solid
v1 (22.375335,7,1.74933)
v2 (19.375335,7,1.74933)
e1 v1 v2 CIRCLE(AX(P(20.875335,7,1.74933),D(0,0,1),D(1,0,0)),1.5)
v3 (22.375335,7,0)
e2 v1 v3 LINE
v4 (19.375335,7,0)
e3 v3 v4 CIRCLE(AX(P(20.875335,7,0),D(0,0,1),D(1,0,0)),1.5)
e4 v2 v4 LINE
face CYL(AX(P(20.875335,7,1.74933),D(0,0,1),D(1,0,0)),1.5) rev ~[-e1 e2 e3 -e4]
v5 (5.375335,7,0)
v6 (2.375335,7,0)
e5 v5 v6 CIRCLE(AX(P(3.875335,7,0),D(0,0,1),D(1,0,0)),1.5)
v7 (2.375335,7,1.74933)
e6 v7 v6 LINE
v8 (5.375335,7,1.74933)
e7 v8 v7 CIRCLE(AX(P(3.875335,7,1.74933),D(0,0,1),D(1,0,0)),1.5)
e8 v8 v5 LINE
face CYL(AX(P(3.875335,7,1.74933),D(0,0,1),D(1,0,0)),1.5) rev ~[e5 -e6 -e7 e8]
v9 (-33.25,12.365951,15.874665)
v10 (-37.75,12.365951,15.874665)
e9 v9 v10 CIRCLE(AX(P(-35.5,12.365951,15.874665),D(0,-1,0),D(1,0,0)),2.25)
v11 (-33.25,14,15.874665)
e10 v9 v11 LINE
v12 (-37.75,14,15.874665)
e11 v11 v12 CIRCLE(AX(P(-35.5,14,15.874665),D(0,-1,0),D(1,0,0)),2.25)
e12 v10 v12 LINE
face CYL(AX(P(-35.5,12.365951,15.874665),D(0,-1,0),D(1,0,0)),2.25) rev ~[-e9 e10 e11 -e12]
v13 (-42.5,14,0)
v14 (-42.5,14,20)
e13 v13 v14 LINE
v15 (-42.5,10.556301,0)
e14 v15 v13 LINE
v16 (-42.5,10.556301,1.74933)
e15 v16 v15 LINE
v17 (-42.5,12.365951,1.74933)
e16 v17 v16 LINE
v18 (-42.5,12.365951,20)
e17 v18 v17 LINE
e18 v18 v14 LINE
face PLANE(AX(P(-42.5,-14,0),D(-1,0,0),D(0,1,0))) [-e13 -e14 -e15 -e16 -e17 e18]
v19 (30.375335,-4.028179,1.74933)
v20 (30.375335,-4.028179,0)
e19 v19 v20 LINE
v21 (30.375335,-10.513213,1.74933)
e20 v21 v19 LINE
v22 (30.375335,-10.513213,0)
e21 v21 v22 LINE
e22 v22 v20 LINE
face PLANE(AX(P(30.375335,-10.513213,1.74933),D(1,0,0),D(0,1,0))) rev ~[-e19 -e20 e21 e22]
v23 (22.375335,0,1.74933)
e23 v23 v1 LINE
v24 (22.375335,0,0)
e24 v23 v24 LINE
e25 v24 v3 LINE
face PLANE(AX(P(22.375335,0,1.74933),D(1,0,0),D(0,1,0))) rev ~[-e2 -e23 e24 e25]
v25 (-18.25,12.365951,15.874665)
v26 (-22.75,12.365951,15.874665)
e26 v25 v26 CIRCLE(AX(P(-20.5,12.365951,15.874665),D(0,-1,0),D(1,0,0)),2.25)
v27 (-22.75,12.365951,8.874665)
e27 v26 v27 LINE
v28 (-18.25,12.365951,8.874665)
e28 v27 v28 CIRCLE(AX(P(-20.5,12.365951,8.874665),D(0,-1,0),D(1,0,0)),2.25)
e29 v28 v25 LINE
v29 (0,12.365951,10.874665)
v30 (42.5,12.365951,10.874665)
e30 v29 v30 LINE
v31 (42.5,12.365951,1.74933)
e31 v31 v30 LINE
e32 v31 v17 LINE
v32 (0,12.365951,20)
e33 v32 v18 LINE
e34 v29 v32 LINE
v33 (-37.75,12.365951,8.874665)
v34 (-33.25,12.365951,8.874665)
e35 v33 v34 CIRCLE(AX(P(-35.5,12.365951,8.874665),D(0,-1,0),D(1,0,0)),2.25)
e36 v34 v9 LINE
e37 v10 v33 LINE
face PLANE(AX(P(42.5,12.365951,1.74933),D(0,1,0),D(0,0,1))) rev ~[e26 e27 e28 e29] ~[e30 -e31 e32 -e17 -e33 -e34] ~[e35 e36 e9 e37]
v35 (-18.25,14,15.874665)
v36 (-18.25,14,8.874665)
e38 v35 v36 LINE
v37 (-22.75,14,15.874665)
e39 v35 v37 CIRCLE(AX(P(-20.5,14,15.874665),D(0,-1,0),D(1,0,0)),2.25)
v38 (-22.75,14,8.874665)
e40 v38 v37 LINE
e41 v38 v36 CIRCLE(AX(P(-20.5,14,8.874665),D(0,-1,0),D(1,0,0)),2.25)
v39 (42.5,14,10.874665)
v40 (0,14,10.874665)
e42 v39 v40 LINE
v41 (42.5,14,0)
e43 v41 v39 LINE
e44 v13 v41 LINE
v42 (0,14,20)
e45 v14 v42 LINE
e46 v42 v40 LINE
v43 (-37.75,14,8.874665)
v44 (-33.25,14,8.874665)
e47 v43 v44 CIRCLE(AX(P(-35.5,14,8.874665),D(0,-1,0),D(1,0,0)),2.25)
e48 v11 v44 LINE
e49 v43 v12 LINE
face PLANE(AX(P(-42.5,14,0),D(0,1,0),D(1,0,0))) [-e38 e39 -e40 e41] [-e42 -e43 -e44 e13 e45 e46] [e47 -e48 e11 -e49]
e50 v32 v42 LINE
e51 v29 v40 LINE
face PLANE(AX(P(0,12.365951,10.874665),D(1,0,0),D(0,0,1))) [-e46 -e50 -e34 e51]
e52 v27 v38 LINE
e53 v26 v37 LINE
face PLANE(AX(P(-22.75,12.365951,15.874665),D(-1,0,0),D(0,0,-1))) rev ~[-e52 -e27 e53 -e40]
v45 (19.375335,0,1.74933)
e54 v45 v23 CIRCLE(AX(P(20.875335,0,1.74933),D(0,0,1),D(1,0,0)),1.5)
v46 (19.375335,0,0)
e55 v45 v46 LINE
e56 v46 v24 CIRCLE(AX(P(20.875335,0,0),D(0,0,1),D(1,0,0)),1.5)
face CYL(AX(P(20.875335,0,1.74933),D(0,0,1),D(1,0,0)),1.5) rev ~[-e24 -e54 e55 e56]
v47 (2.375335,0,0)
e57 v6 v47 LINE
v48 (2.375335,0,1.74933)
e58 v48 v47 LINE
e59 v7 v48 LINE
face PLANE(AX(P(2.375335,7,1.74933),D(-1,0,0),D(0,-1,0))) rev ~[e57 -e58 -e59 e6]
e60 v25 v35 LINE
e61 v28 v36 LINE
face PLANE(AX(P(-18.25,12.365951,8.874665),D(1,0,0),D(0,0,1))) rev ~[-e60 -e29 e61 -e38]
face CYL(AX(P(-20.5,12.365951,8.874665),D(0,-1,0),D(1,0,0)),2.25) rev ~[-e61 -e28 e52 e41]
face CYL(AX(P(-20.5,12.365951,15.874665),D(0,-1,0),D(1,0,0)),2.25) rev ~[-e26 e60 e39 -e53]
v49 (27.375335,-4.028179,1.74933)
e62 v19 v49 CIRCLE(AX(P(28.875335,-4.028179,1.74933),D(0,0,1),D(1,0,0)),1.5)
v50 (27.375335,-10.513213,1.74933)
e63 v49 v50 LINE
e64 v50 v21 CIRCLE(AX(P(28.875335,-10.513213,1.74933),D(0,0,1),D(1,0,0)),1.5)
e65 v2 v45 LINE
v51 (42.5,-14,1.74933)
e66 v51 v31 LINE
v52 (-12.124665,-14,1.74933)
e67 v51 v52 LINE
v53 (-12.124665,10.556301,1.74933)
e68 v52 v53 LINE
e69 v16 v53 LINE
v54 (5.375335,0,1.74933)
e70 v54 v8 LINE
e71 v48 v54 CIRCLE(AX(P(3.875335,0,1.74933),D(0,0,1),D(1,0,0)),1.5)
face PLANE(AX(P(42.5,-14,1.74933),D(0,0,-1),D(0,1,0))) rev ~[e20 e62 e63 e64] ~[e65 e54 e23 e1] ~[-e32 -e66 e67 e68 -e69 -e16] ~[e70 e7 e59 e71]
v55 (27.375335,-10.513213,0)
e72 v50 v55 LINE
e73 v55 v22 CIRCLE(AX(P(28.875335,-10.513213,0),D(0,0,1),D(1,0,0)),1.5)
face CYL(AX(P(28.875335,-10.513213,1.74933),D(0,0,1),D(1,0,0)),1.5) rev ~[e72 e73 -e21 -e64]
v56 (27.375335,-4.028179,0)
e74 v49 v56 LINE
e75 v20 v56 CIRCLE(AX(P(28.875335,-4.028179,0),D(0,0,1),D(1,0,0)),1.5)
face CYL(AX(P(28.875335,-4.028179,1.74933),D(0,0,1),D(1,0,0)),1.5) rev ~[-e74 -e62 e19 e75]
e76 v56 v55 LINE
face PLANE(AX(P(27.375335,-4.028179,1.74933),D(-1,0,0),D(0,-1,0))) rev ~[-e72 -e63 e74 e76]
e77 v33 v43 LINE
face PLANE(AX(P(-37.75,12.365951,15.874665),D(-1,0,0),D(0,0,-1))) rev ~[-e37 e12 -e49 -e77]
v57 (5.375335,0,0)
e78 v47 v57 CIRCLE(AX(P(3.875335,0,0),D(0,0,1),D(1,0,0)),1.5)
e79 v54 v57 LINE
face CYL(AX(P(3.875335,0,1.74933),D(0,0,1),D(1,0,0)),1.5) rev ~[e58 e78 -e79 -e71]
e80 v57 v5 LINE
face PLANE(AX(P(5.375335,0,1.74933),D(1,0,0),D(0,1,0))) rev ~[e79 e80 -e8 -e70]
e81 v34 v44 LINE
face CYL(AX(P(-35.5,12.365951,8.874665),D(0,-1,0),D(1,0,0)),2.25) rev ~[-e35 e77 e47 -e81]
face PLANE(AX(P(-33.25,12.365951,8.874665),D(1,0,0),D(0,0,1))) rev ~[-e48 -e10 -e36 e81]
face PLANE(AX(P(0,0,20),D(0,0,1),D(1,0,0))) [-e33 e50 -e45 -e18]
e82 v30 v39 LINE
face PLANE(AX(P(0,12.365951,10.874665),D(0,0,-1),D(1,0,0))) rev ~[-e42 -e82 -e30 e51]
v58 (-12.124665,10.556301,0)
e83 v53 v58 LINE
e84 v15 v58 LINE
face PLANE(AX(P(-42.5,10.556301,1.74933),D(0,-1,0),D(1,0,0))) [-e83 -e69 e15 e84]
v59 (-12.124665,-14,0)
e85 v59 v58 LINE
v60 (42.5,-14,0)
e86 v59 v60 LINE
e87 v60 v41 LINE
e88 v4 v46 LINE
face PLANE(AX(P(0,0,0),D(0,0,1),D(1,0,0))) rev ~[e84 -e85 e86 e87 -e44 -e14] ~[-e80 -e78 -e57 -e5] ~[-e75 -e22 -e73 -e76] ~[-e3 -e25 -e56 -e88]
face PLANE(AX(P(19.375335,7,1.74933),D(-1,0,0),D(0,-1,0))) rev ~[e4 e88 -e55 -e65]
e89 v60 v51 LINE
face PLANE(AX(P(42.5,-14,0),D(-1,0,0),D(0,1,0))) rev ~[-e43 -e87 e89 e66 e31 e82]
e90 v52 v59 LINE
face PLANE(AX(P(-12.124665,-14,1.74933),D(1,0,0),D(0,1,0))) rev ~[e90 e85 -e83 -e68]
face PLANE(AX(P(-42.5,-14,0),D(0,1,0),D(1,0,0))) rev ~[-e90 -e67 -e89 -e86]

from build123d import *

# Parameters (mm, degrees)
F0_W      = 85
F0_H      = 28
F1_DEPTH  = 20
F2_W      = 26.3659512028
F2_H      = 18.2506702654
F3_DEPTH  = 121
F4_W      = 30.3753349185
F4_H      = 24.556301102
F5_DEPTH  = 25
F6_W      = 42.5
F6_H      = 9.1253351327
F7_DEPTH  = 25
F9_DEPTH  = 25
F11_DEPTH = 25


with BuildPart() as f1:
    # F0 (on Top) → F1 (new body)
    with BuildSketch(Plane.XY):
        Rectangle(F0_W, F0_H)
    extrude(amount=F1_DEPTH)

    # F2 (on face) → F3 (cut)
    with BuildSketch(Plane.YZ.offset(42.5)):
        with Locations((-0.8170243986, 10.8746648673)):
            Rectangle(F2_W, F2_H)
    extrude(amount=-F3_DEPTH, mode=Mode.SUBTRACT)

    # F4 (on face) → F5 (cut)
    with BuildSketch(Plane.XY.offset(1.7493297346)):
        with Locations((-27.3123325408, -1.721849449)):
            Rectangle(F4_W, F4_H)
    extrude(amount=-F5_DEPTH, mode=Mode.SUBTRACT)

    # F6 (on face) → F7 (cut)
    with BuildSketch(Plane.XZ.offset(-12.3659512028)):
        with Locations((21.25, 15.4373324336)):
            Rectangle(F6_W, F6_H)
    extrude(amount=-F7_DEPTH, mode=Mode.SUBTRACT)

    # F8 (on face) → F9 (cut)
    with BuildSketch(Plane.XZ.offset(-12.3659512028)):
        with BuildLine():
            ThreePointArc((-37.75, 15.8746648673), (-35.5, 13.6246648673), (-33.25, 15.8746648673))
            ThreePointArc((-33.25, 15.8746648673), (-35.5, 18.1246648673), (-37.75, 15.8746648673))
        make_face()
        with BuildLine():
            Line((-33.25, 8.8746648673), (-33.25, 15.8746648673))
            ThreePointArc((-33.25, 15.8746648673), (-35.5, 13.6246648673), (-37.75, 15.8746648673))
            Line((-37.75, 15.8746648673), (-37.75, 8.8746648673))
            ThreePointArc((-37.75, 8.8746648673), (-35.5, 11.1246648673), (-33.25, 8.8746648673))
        make_face()
        with BuildLine():
            ThreePointArc((-37.75, 8.8746648673), (-35.5, 6.6246648673), (-33.25, 8.8746648673))
            ThreePointArc((-33.25, 8.8746648673), (-35.5, 11.1246648673), (-37.75, 8.8746648673))
        make_face()
        with BuildLine():
            ThreePointArc((-22.75, 8.8746648673), (-20.5, 6.6246648673), (-18.25, 8.8746648673))
            ThreePointArc((-18.25, 8.8746648673), (-20.5, 11.1246648673), (-22.75, 8.8746648673))
        make_face()
        with BuildLine():
            ThreePointArc((-22.75, 8.8746648673), (-20.5, 11.1246648673), (-18.25, 8.8746648673))
            Line((-18.25, 8.8746648673), (-18.25, 15.8746648673))
            ThreePointArc((-18.25, 15.8746648673), (-20.5, 13.6246648673), (-22.75, 15.8746648673))
            Line((-22.75, 15.8746648673), (-22.75, 8.8746648673))
        make_face()
        with BuildLine():
            ThreePointArc((-22.75, 15.8746648673), (-20.5, 13.6246648673), (-18.25, 15.8746648673))
            ThreePointArc((-18.25, 15.8746648673), (-20.5, 18.1246648673), (-22.75, 15.8746648673))
        make_face()
    extrude(amount=-F9_DEPTH, mode=Mode.SUBTRACT)

    # F10 (on face) → F11 (cut)
    with BuildSketch(Plane.XY.offset(1.7493297346)):
        with BuildLine():
            ThreePointArc((2.3753349185, 7), (3.8753349185, 5.5), (5.3753349185, 7))
            ThreePointArc((5.3753349185, 7), (3.8753349185, 8.5), (2.3753349185, 7))
        make_face()
        with BuildLine():
            Line((5.3753349185, 0), (5.3753349185, 7))
            ThreePointArc((5.3753349185, 7), (3.8753349185, 5.5), (2.3753349185, 7))
            Line((2.3753349185, 7), (2.3753349185, 0))
            ThreePointArc((2.3753349185, 0), (3.8753349185, 1.5), (5.3753349185, 0))
        make_face()
        with BuildLine():
            ThreePointArc((2.3753349185, 0), (3.8753349185, -1.5), (5.3753349185, 0))
            ThreePointArc((5.3753349185, 0), (3.8753349185, 1.5), (2.3753349185, 0))
        make_face()
        with BuildLine():
            ThreePointArc((19.3753349185, 7), (20.8753349185, 5.5), (22.3753349185, 7))
            ThreePointArc((22.3753349185, 7), (20.8753349185, 8.5), (19.3753349185, 7))
        make_face()
        with BuildLine():
            Line((22.3753349185, 0), (22.3753349185, 7))
            ThreePointArc((22.3753349185, 7), (20.8753349185, 5.5), (19.3753349185, 7))
            Line((19.3753349185, 7), (19.3753349185, 0))
            ThreePointArc((19.3753349185, 0), (20.8753349185, 1.5), (22.3753349185, 0))
        make_face()
        with BuildLine():
            ThreePointArc((19.3753349185, 0), (20.8753349185, -1.5), (22.3753349185, 0))
            ThreePointArc((22.3753349185, 0), (20.8753349185, 1.5), (19.3753349185, 0))
        make_face()
        with BuildLine():
            ThreePointArc((27.3753349185, -4.0281792737), (28.8753349185, -5.5281792737), (30.3753349185, -4.0281792737))
            ThreePointArc((30.3753349185, -4.0281792737), (28.8753349185, -2.5281792737), (27.3753349185, -4.0281792737))
        make_face()
        with BuildLine():
            Line((30.3753349185, -10.5132134631), (30.3753349185, -4.0281792737))
            ThreePointArc((30.3753349185, -4.0281792737), (28.8753349185, -5.5281792737), (27.3753349185, -4.0281792737))
            Line((27.3753349185, -4.0281792737), (27.3753349185, -10.5132134631))
            ThreePointArc((27.3753349185, -10.5132134631), (28.8753349185, -9.0132134631), (30.3753349185, -10.5132134631))
        make_face()
        with BuildLine():
            ThreePointArc((27.3753349185, -10.5132134631), (28.8753349185, -12.0132134631), (30.3753349185, -10.5132134631))
            ThreePointArc((30.3753349185, -10.5132134631), (28.8753349185, -9.0132134631), (27.3753349185, -10.5132134631))
        make_face()
    extrude(amount=-F11_DEPTH, mode=Mode.SUBTRACT)


solid = f1.part
